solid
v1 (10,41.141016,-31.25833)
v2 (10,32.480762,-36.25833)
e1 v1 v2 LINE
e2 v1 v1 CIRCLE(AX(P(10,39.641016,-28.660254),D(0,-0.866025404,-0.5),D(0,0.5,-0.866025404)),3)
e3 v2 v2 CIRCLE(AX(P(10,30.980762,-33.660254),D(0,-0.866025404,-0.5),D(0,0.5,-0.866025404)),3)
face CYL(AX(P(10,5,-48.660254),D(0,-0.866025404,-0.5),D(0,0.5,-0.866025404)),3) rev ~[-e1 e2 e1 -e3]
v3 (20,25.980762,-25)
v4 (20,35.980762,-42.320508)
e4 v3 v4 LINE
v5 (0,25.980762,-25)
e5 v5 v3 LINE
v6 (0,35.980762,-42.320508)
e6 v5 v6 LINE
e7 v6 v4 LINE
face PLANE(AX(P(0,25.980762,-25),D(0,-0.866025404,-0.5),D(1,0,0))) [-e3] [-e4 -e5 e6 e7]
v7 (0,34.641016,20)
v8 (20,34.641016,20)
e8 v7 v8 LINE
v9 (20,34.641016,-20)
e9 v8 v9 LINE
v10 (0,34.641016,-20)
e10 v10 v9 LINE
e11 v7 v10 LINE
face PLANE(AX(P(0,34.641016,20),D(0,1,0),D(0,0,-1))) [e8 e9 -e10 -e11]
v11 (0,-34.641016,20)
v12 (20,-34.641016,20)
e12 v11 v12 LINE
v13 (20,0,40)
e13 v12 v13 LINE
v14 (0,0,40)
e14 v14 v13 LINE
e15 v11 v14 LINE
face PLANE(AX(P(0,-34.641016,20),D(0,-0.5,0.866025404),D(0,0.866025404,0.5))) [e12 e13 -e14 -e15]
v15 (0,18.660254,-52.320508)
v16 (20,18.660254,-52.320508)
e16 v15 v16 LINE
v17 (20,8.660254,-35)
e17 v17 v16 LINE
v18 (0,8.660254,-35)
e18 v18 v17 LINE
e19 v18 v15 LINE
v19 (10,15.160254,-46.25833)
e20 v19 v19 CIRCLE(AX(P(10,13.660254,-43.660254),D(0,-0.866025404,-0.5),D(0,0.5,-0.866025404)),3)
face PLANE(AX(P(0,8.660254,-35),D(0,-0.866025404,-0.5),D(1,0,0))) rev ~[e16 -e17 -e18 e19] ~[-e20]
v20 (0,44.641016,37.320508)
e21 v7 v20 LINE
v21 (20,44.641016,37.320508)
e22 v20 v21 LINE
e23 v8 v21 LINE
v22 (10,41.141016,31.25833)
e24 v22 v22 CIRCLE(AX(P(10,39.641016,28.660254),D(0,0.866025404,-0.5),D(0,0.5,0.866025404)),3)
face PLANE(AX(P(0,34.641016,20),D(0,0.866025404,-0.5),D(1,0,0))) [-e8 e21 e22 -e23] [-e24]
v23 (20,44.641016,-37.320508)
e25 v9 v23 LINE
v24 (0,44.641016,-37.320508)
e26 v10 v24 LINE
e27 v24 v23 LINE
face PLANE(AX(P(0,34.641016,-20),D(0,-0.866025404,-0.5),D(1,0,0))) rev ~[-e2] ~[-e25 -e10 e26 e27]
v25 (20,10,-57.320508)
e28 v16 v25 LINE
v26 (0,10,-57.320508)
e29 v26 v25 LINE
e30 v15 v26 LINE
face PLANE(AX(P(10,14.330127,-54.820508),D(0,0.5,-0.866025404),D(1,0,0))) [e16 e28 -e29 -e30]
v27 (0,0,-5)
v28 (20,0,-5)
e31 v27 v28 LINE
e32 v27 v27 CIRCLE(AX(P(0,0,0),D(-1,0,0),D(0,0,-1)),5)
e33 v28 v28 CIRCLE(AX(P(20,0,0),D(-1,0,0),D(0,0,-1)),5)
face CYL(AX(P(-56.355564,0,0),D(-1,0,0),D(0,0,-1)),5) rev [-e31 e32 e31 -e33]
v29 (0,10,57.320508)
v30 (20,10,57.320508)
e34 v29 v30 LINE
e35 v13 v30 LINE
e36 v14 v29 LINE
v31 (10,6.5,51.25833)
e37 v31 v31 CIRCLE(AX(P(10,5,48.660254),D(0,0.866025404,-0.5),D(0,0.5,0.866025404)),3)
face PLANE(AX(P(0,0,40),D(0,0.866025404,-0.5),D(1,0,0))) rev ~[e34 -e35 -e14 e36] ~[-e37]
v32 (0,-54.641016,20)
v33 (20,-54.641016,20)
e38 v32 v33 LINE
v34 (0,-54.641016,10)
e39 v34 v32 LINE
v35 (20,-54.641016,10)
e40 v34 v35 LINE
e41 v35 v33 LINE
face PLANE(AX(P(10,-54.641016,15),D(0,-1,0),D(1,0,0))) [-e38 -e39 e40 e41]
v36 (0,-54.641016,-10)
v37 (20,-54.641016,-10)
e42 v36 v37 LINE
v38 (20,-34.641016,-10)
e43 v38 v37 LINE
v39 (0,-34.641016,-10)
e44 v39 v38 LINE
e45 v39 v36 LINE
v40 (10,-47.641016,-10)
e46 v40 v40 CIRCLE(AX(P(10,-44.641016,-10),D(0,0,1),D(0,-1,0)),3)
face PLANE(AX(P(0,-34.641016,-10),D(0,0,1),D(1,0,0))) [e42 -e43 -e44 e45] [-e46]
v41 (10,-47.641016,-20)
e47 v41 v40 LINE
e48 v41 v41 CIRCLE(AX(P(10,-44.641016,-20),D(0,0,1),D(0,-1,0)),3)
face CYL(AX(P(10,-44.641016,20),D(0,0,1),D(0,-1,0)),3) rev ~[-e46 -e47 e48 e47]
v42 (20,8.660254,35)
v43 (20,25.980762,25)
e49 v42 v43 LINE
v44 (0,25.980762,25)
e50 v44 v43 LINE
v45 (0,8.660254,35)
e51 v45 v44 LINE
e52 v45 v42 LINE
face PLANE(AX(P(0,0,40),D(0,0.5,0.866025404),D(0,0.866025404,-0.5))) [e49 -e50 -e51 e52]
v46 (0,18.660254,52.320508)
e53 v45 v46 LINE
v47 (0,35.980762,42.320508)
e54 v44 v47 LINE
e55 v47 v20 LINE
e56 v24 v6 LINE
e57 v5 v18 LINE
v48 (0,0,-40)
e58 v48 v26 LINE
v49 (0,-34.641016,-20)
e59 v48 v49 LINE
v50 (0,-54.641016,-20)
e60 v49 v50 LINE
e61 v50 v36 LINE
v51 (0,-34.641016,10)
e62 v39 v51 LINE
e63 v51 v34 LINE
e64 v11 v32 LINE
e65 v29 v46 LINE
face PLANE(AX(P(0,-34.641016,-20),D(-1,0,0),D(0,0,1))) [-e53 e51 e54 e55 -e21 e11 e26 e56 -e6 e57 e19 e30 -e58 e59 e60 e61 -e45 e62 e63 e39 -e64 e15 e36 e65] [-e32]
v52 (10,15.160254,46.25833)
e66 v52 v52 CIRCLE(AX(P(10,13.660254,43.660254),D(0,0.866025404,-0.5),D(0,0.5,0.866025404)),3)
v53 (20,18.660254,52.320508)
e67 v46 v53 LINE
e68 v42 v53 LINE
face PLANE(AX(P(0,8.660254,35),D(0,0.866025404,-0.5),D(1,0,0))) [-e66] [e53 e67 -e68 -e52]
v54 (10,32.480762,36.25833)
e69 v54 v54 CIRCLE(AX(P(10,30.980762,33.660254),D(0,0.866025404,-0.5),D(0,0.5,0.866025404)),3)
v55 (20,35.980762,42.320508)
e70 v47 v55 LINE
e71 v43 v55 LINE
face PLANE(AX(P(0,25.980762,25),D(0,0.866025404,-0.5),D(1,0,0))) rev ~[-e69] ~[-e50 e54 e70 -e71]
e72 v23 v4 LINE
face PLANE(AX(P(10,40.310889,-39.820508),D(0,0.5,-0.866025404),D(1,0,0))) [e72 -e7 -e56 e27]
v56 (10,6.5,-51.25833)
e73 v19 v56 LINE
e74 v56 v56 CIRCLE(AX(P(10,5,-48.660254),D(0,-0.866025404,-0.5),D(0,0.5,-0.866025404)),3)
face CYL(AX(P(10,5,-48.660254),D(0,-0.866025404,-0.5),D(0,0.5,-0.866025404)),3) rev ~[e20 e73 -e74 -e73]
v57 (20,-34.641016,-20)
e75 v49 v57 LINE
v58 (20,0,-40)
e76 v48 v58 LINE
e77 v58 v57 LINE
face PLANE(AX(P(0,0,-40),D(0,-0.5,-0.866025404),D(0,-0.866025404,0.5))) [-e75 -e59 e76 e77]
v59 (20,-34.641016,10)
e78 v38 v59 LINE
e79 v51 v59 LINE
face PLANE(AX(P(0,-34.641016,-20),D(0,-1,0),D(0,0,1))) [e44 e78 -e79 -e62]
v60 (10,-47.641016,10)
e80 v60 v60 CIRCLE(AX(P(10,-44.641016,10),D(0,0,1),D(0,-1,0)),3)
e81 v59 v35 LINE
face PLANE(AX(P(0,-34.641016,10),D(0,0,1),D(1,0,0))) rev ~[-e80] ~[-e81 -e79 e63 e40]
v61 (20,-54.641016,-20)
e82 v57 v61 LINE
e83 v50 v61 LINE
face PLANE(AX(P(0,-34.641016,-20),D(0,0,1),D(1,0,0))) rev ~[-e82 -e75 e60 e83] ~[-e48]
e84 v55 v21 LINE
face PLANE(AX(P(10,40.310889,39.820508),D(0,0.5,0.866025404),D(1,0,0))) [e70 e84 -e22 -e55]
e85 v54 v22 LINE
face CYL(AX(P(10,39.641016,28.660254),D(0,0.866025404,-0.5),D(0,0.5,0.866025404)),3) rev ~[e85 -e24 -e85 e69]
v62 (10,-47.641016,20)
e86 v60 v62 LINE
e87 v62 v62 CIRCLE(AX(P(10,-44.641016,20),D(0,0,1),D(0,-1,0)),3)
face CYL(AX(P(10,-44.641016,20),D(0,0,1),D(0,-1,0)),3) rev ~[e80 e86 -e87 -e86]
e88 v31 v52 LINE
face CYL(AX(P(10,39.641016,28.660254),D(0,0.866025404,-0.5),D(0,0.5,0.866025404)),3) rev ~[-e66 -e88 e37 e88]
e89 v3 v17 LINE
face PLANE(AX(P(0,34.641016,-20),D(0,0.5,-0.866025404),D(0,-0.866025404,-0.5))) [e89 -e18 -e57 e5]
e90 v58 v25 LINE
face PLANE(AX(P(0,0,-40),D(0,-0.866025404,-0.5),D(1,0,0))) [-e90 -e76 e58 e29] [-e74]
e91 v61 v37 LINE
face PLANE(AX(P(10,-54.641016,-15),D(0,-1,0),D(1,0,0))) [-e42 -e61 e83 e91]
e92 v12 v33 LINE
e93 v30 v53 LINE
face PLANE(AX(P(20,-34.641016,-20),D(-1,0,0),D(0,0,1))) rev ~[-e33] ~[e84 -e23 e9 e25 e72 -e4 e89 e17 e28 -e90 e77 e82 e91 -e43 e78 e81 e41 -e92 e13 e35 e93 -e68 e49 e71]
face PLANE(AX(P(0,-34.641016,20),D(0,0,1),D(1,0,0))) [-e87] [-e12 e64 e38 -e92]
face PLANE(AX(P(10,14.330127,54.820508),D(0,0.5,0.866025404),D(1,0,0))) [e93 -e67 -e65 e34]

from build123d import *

# Parameters (mm, degrees)
EXTRUDE_1_DEPTH          = 20
SKETCH_2_W               = 20
SKETCH_2_H               = 10
EXTRUDE_2_DEPTH          = 20
SKETCH_3_W               = 20
SKETCH_3_H               = 10
EXTRUDE_3_DEPTH          = 20
SKETCH_4_R               = 3
CUT_EXTRUDE_1_DEPTH      = 88.361609461
CUT_EXTRUDE_2_DEPTH      = 76.355563624
CUT_EXTRUDE_2_DEPTH_BACK = 76.355563624
SKETCH_5_R               = 5
PATTERN_CIRCULAR_1_COUNT = 3


with BuildPart() as part:
    # 草图1 → 凸台-拉伸1 (new body)
    with BuildSketch(Plane(origin=(0, 0, 0), x_dir=(0, 0, -1), z_dir=(1, 0, 0))):
        Polygon((20, -34.641016151), (-20, -34.641016151), (-40, 0), (-20, 34.641016151), (20, 34.641016151), (40, 0), align=None)
    extrude(amount=EXTRUDE_1_DEPTH)

    # 草图2 → 凸台-拉伸2 (add)
    with BuildSketch(Plane(origin=(0, 17.320508076, 30), x_dir=(1, 0, 0), z_dir=(0, 0.500000000000003, 0.8660254037844369))):
        with Locations((10, 15)):
            Rectangle(SKETCH_2_W, SKETCH_2_H)
    extrude_2 = extrude(amount=EXTRUDE_2_DEPTH)

    # 草图3 → 凸台-拉伸3 (add)
    with BuildSketch(Plane(origin=(0, 17.320508076, 30), x_dir=(1, 0, 0), z_dir=(0, 0.500000000000003, 0.8660254037844369))):
        with Locations((10, -15)):
            Rectangle(SKETCH_3_W, SKETCH_3_H)
    extrude_3 = extrude(amount=EXTRUDE_3_DEPTH)

    # 草图4 → 切除-拉伸1 (cut, symmetric)
    with BuildSketch(Plane(origin=(0, 17.320508076, -10), x_dir=(1, 0, 0), z_dir=(0, 0.8660254037844369, -0.500000000000003))):
        with Locations(Location((10, -44.641016151, 0), (0, 0, 270))):
            Circle(SKETCH_4_R)
    cut_extrude_1 = extrude(amount=CUT_EXTRUDE_1_DEPTH, both=True, mode=Mode.SUBTRACT)

    # 草图5 → 切除-拉伸2 (cut, two sides: drawn at the far end of the back side and taken through both)
    with BuildSketch(Plane(origin=(20, 0, 0), x_dir=(0, 0, -1), z_dir=(1, 0, 0)).offset(-CUT_EXTRUDE_2_DEPTH_BACK)):
        Circle(SKETCH_5_R)
    extrude(amount=CUT_EXTRUDE_2_DEPTH + CUT_EXTRUDE_2_DEPTH_BACK, mode=Mode.SUBTRACT)

    # 阵列(圆周)1: 凸台-拉伸2, 凸台-拉伸3, 切除-拉伸1 ×3 about axis
    pattern_circular_1_axis = Axis((0, 0, 0), (1, 0, 0))
    add([extrude_2.rotate(pattern_circular_1_axis, i * 360 / PATTERN_CIRCULAR_1_COUNT) for i in range(1, PATTERN_CIRCULAR_1_COUNT)])
    add([extrude_3.rotate(pattern_circular_1_axis, i * 360 / PATTERN_CIRCULAR_1_COUNT) for i in range(1, PATTERN_CIRCULAR_1_COUNT)])
    add([cut_extrude_1.rotate(pattern_circular_1_axis, i * 360 / PATTERN_CIRCULAR_1_COUNT) for i in range(1, PATTERN_CIRCULAR_1_COUNT)], mode=Mode.SUBTRACT)


solid = part.part
